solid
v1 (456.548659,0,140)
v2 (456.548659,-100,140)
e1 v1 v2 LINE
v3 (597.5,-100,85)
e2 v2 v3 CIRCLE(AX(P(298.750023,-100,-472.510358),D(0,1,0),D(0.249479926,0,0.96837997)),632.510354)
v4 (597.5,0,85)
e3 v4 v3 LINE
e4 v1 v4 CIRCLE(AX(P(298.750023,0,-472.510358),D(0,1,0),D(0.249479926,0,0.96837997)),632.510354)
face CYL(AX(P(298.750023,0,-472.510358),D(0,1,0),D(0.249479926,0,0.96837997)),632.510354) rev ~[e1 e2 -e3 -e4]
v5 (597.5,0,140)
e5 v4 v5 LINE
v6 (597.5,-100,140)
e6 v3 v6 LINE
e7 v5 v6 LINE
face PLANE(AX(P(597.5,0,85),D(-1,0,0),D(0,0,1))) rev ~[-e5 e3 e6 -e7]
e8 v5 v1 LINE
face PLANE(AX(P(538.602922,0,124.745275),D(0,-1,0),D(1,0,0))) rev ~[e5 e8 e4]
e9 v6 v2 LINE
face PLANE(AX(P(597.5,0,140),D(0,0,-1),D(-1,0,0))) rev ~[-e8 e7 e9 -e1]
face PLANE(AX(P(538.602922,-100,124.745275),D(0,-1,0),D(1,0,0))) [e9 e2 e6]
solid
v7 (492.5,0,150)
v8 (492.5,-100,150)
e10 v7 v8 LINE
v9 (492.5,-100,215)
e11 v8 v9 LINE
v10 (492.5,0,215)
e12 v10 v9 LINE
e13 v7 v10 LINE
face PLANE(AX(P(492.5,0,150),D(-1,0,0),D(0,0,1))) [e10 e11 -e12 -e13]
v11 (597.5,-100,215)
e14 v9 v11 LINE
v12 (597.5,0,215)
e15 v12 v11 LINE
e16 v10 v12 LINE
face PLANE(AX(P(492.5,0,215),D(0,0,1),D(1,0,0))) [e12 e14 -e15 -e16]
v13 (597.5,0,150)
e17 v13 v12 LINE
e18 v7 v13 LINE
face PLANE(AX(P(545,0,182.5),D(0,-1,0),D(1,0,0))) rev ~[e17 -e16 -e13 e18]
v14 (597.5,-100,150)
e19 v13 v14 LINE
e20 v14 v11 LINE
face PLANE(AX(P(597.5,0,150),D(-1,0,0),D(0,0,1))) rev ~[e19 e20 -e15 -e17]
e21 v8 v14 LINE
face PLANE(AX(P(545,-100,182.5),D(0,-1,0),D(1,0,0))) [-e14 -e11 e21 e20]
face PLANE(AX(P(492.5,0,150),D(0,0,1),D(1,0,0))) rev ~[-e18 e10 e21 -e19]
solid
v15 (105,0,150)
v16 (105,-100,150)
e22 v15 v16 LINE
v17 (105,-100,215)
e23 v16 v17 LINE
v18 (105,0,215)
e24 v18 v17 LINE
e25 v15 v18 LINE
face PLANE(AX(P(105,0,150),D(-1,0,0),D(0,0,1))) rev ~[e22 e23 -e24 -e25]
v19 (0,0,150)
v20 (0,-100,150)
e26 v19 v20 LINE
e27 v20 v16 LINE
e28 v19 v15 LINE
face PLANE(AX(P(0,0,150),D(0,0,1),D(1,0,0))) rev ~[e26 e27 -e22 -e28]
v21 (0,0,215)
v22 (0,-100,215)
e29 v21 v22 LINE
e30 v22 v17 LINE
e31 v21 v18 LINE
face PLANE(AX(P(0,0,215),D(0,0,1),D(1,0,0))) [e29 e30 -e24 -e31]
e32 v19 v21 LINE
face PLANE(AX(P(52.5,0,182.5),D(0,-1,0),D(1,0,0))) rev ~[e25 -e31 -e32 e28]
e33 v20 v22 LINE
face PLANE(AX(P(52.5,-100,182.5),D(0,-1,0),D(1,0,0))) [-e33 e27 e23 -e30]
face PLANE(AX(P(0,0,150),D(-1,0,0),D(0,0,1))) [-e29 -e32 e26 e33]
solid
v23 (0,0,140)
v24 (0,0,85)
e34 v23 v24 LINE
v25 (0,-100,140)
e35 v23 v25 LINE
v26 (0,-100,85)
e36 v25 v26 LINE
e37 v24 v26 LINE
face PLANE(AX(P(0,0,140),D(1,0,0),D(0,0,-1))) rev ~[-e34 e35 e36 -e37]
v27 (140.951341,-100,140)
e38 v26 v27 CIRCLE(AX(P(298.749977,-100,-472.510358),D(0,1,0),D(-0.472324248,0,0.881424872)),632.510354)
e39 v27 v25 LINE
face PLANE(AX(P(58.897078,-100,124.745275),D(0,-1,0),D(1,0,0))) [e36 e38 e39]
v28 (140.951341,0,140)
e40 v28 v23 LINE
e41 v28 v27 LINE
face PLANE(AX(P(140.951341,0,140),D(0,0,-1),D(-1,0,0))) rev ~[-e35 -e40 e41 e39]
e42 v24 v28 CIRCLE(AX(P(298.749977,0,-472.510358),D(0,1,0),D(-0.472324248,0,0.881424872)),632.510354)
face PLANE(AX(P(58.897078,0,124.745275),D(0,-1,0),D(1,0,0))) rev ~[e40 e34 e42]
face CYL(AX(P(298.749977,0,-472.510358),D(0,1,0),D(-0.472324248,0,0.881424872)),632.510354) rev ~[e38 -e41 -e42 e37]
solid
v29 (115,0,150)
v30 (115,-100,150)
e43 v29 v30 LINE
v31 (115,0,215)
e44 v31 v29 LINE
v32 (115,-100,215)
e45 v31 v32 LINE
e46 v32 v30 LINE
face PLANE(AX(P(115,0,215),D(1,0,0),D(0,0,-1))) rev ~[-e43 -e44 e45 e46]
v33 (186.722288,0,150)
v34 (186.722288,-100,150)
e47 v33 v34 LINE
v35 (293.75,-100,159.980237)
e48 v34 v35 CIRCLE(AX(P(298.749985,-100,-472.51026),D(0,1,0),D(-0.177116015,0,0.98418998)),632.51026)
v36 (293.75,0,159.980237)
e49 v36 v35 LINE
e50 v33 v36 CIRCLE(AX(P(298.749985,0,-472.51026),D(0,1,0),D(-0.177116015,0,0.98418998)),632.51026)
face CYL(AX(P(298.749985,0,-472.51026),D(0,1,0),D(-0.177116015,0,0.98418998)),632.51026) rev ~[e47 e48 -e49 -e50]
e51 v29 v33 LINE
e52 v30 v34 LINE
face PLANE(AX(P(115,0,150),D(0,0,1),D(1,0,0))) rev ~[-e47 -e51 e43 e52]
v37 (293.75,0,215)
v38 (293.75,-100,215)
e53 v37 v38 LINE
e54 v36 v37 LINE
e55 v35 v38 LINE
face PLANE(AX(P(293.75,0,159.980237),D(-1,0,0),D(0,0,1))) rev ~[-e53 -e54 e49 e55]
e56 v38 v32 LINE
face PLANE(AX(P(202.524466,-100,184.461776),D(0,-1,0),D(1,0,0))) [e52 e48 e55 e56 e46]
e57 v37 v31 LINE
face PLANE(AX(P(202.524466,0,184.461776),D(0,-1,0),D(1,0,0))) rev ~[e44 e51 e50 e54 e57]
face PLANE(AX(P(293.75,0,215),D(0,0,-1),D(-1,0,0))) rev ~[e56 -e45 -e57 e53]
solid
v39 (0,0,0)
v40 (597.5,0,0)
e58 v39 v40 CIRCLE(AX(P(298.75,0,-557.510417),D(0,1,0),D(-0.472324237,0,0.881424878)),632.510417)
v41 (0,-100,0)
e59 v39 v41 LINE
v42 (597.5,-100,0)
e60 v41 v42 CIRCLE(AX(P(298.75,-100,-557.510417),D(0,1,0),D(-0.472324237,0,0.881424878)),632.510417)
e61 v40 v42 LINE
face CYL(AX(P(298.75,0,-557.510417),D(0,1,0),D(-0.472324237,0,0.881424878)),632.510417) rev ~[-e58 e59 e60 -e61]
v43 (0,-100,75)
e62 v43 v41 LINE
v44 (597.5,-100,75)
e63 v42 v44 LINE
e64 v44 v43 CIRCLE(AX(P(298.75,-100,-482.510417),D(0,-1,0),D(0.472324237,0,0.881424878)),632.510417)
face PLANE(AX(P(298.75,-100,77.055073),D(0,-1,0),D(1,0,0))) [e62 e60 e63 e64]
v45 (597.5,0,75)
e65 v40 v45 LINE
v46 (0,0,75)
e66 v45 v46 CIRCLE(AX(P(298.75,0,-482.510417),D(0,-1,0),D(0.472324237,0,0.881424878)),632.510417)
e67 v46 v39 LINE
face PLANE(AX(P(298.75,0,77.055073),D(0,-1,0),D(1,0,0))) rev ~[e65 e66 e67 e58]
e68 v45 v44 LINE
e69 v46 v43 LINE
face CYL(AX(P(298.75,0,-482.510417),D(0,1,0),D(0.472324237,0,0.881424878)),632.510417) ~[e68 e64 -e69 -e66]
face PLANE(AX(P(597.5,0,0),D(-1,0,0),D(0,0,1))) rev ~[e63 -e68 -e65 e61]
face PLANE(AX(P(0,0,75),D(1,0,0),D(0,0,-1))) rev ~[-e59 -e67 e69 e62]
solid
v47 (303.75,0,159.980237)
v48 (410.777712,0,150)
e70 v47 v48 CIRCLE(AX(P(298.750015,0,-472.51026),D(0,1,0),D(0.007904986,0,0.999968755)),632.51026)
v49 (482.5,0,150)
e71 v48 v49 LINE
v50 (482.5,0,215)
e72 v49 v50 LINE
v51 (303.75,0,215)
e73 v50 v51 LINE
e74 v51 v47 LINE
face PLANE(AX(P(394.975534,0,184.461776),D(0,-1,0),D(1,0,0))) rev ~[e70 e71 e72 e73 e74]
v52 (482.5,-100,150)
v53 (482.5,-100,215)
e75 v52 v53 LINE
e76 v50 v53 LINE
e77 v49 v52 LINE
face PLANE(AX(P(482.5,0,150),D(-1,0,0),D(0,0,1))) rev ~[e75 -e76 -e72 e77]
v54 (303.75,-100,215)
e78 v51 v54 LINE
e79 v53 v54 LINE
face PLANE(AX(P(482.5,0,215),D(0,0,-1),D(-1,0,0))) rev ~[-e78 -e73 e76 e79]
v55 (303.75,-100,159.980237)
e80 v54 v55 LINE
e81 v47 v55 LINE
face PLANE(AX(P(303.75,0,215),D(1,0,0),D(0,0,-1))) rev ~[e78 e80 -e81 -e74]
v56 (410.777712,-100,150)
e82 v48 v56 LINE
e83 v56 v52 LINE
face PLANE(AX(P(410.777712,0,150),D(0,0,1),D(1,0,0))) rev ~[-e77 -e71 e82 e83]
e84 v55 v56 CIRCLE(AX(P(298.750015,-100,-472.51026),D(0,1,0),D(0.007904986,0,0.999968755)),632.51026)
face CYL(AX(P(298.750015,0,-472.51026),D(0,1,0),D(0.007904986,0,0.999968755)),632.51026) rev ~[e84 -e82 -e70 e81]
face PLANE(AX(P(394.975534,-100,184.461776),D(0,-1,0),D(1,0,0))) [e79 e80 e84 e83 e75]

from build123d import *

# Parameters (mm, degrees)
F0_W     = 105
F0_H     = 65
F1_DEPTH = 100


with BuildPart() as f1:
    # F0 (on Front) → F1 (new body)
    with BuildSketch(Plane.XZ):
        with Locations((52.5, 182.5)):
            Rectangle(F0_W, F0_H)
        with BuildLine():
            Line((115, 150), (186.722288, 150))
            ThreePointArc((186.722288, 150), (240.023748, 157.267842), (293.75, 159.980237))
            Line((293.75, 159.980237), (293.75, 215))
            Line((293.75, 215), (115, 215))
            Line((115, 215), (115, 150))
        make_face()
        with BuildLine():
            ThreePointArc((303.75, 159.980237), (357.476252, 157.267842), (410.777712, 150))
            Line((410.777712, 150), (482.5, 150))
            Line((482.5, 150), (482.5, 215))
            Line((482.5, 215), (303.75, 215))
            Line((303.75, 215), (303.75, 159.980237))
        make_face()
        with Locations((545, 182.5)):
            Rectangle(F0_W, F0_H)
        with BuildLine():
            ThreePointArc((456.548659, 140), (528.674813, 116.729779), (597.5, 85))
            Line((597.5, 85), (597.5, 140))
            Line((597.5, 140), (456.548659, 140))
        make_face()
        with BuildLine():
            Line((0, 75), (0, 0))
            ThreePointArc((0, 0), (298.75, 75), (597.5, 0))
            Line((597.5, 0), (597.5, 75))
            ThreePointArc((597.5, 75), (298.75, 150), (0, 75))
        make_face()
        with BuildLine():
            Line((0, 140), (0, 85))
            ThreePointArc((0, 85), (68.825187, 116.729779), (140.951341, 140))
            Line((140.951341, 140), (0, 140))
        make_face()
    extrude(amount=F1_DEPTH)


solid = f1.part
